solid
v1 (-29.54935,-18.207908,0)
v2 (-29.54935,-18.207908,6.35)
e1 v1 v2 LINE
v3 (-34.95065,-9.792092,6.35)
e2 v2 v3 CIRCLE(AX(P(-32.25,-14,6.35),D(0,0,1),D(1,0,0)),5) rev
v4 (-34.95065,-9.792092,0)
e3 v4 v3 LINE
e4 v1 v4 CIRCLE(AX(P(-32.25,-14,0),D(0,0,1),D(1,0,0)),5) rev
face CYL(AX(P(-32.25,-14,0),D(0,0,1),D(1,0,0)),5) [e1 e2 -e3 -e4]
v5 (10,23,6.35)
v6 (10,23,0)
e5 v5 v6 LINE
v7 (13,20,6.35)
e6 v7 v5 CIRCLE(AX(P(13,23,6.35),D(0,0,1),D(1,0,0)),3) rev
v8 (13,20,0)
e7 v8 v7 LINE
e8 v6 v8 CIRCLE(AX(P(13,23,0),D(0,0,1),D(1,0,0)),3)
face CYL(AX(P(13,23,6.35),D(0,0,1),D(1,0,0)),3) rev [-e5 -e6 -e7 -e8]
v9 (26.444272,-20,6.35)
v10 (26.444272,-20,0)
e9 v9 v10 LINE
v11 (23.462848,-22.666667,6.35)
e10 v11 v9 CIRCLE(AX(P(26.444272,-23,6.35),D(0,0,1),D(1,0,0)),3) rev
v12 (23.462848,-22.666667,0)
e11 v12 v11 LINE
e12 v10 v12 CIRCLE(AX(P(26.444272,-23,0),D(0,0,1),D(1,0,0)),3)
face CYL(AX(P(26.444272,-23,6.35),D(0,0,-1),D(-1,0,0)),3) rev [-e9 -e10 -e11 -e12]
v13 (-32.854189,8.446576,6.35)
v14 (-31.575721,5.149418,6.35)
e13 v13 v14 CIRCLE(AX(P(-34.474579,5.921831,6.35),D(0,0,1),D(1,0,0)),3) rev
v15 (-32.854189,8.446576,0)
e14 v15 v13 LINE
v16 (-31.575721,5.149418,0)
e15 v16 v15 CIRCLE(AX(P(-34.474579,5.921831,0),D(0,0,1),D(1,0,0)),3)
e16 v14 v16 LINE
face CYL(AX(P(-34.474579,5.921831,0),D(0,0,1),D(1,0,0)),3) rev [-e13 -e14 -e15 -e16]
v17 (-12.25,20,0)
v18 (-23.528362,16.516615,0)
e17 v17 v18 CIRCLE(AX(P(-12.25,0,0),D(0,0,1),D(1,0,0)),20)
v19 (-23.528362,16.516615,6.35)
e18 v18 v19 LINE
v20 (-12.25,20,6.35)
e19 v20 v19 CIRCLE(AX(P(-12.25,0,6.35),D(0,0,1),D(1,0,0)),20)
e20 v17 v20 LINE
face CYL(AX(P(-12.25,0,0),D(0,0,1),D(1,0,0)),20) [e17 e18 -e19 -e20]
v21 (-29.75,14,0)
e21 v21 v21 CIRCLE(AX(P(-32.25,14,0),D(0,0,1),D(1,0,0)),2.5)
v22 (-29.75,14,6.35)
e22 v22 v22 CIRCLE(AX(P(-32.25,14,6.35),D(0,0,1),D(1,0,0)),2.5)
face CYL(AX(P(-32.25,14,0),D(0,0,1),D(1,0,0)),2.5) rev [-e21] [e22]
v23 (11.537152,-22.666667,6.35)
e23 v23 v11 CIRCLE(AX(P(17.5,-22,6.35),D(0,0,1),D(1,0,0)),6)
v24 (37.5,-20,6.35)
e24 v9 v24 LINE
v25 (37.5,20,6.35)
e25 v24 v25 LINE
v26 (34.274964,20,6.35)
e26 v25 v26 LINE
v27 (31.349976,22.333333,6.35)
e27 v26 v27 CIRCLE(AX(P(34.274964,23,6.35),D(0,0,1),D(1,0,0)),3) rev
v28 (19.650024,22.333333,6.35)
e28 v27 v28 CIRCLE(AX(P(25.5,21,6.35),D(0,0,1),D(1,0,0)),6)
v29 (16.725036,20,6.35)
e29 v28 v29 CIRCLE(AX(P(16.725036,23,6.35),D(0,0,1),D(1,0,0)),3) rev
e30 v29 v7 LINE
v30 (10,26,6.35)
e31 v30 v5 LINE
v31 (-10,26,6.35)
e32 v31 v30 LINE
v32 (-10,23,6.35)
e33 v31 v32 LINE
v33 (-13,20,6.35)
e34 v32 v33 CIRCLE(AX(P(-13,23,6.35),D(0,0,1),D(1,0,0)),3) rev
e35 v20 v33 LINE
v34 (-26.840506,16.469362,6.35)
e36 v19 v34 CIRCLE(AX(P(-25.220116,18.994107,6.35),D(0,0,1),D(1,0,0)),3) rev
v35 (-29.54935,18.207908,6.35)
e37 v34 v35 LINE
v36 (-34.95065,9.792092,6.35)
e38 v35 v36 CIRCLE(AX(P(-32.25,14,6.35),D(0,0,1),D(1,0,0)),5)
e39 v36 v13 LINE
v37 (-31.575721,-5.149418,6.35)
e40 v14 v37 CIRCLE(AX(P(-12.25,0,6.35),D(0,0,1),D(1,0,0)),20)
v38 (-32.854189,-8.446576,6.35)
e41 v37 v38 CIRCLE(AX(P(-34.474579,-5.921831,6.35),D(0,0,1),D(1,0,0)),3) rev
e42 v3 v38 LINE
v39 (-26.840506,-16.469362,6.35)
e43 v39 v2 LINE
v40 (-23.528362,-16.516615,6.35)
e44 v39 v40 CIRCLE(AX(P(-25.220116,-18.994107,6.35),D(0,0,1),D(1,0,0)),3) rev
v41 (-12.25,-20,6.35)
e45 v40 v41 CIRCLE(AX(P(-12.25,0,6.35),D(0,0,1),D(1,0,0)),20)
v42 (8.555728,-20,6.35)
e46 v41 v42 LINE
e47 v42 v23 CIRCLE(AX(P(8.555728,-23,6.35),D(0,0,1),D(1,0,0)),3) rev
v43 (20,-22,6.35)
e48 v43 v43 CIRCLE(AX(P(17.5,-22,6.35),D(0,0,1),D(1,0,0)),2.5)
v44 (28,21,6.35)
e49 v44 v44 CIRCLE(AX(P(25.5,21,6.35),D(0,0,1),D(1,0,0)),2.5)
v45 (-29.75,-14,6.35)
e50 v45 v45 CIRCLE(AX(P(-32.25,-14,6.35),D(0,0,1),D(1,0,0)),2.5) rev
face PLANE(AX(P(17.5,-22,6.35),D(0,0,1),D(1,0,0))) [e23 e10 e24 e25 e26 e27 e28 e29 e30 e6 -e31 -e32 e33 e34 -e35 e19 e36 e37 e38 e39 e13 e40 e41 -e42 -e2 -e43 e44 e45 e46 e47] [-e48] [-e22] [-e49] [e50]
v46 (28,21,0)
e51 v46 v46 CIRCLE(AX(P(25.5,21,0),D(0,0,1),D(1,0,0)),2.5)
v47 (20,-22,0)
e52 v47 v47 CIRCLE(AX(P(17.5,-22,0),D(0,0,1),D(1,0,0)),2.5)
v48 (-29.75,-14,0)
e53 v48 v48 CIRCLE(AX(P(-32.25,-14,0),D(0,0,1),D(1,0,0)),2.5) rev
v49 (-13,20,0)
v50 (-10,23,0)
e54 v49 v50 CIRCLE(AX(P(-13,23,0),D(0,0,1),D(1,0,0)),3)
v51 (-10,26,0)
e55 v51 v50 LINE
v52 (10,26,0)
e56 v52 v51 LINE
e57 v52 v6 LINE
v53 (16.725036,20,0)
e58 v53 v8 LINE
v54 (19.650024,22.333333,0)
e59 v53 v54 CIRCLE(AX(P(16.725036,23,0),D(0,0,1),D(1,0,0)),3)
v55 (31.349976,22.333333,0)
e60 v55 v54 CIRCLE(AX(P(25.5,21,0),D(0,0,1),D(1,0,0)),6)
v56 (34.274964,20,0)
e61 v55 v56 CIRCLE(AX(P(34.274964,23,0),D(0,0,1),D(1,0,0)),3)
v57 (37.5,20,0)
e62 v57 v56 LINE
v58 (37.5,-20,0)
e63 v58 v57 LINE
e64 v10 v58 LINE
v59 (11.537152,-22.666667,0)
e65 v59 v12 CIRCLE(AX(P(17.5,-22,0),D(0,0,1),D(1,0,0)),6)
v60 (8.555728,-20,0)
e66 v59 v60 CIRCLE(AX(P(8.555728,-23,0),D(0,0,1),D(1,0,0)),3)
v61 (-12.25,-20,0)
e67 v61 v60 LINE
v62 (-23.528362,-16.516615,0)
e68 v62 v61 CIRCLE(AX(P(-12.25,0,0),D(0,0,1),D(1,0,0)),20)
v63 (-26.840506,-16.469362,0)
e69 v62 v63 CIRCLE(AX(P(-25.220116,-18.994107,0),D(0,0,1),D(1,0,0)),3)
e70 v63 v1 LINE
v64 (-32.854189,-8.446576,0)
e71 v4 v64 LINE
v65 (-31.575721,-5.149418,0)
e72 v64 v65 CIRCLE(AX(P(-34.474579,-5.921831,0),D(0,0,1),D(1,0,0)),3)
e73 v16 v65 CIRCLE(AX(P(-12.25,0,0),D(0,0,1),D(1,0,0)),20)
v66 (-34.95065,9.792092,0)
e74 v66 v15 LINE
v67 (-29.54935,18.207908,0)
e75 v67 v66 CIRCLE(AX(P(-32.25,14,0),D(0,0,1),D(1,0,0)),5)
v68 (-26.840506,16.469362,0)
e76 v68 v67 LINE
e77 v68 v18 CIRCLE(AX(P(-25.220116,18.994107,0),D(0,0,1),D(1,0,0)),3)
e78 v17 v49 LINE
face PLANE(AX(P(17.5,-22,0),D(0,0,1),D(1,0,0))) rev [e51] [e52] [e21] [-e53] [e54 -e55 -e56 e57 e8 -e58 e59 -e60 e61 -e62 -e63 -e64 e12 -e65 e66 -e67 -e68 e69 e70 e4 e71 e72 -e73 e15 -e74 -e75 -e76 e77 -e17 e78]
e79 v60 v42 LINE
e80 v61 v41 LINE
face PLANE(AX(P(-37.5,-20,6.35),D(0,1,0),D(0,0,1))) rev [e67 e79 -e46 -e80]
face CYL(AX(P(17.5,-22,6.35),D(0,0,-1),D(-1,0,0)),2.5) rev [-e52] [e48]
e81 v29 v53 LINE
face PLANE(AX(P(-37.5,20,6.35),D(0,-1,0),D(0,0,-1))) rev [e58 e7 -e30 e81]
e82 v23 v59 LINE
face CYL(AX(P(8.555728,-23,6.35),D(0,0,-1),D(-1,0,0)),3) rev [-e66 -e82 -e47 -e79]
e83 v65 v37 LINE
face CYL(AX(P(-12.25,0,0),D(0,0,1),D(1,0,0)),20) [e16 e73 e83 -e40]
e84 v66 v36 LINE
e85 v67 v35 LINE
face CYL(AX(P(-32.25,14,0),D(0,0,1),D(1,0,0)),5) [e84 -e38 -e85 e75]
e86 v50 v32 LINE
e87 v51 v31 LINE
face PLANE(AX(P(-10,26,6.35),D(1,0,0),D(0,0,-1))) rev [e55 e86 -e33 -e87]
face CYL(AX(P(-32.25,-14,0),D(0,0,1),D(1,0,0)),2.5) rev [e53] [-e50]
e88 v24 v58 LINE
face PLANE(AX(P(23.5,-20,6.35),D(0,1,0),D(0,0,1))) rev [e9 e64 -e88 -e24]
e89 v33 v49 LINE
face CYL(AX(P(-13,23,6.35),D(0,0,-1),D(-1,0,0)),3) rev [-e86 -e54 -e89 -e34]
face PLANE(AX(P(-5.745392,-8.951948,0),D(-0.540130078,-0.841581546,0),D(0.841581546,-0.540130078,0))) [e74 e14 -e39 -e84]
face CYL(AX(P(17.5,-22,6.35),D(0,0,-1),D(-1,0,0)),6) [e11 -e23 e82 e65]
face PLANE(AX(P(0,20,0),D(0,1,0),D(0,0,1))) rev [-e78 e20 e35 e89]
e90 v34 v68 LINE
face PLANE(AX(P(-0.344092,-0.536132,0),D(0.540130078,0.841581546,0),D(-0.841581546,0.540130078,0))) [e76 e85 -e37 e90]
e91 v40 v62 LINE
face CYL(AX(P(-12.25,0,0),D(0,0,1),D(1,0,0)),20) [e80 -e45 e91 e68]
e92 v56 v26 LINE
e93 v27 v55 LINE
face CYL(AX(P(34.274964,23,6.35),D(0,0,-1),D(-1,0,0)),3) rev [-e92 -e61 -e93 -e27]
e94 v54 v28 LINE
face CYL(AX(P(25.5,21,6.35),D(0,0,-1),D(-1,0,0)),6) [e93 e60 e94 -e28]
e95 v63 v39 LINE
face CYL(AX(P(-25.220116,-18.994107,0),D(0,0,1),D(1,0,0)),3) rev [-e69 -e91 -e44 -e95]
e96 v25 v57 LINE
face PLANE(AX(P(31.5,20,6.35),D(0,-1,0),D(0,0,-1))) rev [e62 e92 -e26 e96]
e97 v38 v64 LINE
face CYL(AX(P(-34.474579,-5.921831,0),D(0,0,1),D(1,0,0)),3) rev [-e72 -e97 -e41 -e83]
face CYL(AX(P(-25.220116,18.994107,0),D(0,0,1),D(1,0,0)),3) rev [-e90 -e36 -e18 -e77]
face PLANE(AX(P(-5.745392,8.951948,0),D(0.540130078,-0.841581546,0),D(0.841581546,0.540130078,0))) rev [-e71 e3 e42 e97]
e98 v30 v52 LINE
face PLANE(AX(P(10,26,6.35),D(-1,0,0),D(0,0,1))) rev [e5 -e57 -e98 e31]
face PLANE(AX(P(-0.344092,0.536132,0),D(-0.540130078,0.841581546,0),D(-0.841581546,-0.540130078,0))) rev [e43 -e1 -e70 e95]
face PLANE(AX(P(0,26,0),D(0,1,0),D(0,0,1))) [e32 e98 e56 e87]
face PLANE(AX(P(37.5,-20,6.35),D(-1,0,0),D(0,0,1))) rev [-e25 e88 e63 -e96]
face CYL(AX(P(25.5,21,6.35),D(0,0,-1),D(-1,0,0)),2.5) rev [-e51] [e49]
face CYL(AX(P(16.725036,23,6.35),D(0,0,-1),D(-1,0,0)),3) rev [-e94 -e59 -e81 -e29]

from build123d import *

# Parameters (mm, degrees)
SKETCH1_R               = 2.5
BOSS_EXTRUDE1_DEPTH     = 6.35
SKETCH12_W              = 20
SKETCH12_H              = 6.35
BOSS_EXTRUDE2_DEPTH     = 6
FILLET2_R               = 3
SKETCH13_R              = 2.5
CUT_EXTRUDE9_DEPTH      = 1
CUT_EXTRUDE9_DEPTH_BACK = 7.35
FILLET1_R               = 3


with BuildPart() as part:
    # Sketch1 → Boss-Extrude1 (new body)
    with BuildSketch(Plane.XY):
        with BuildLine():
            Line((-37.5, -20), (11.5, -20))
            Line((11.5, -20), (11.5, -22))
            ThreePointArc((11.5, -22), (17.5, -28), (23.5, -22))
            Line((23.5, -22), (23.5, -20))
            Line((23.5, -20), (37.5, -20))
            Line((37.5, -20), (37.5, 20))
            Line((37.5, 20), (31.5, 20))
            Line((31.5, 20), (31.5, 21))
            ThreePointArc((31.5, 21), (25.5, 27), (19.5, 21))
            Line((19.5, 21), (19.5, 20))
            Line((19.5, 20), (-37.5, 20))
            Line((-37.5, 20), (-37.5, -20))
        make_face()
        with Locations((25.5, 21)):
            Circle(SKETCH1_R, mode=Mode.SUBTRACT)
        with Locations((17.5, -22)):
            Circle(SKETCH1_R, mode=Mode.SUBTRACT)
    extrude(amount=BOSS_EXTRUDE1_DEPTH)

    # Sketch12 → Boss-Extrude2 (add)
    with BuildSketch(Plane(origin=(0, 20, 0), x_dir=(1, 0, 0), z_dir=(0, 1, 0))):
        with Locations((0, -3.175)):
            Rectangle(SKETCH12_W, SKETCH12_H)
    extrude(amount=BOSS_EXTRUDE2_DEPTH)

    # Fillet2
    fillet2_edges = [part.edges().sort_by_distance(p)[0] for p in [
        (10, 20, 3.175),
        (-10, 20, 3.175),
    ]]
    fillet(fillet2_edges, radius=FILLET2_R)

    # Sketch13 → Cut-Extrude9 (cut, two sides)
    with BuildSketch(Plane.XY.offset(6.35)) as cut_extrude9_sk:
        with BuildLine():
            Line((-12.25, 20), (-37.5, 20))
            Line((-37.5, 20), (-37.5, -20))
            Line((-37.5, -20), (-12.25, -20))
            ThreePointArc((-12.25, -20), (-19.075859236, -18.799139494), (-25.082027993, -15.34076457))
            Line((-25.082027993, -15.34076457), (-29.549349609, -18.20790773))
            ThreePointArc((-29.549349609, -18.20790773), (-36.45790773, -16.700650391), (-34.950650391, -9.79209227))
            Line((-34.950650391, -9.79209227), (-30.909610133, -7.198538025))
            ThreePointArc((-30.909610133, -7.198538025), (-32.25, 0), (-30.909610133, 7.198538025))
            Line((-30.909610133, 7.198538025), (-34.950650391, 9.79209227))
            ThreePointArc((-34.950650391, 9.79209227), (-36.45790773, 16.700650391), (-29.549349609, 18.20790773))
            Line((-29.549349609, 18.20790773), (-25.082027993, 15.34076457))
            ThreePointArc((-25.082027993, 15.34076457), (-19.075859236, 18.799139494), (-12.25, 20))
        make_face()
        with Locations((-32.25, 14)):
            Circle(SKETCH13_R)
        with Locations((-32.25, -14)):
            Circle(SKETCH13_R)
    extrude(amount=CUT_EXTRUDE9_DEPTH, mode=Mode.SUBTRACT)
    extrude(cut_extrude9_sk.sketch, amount=-CUT_EXTRUDE9_DEPTH_BACK, mode=Mode.SUBTRACT)

    # Fillet1
    fillet1_edges = [part.edges().sort_by_distance(p)[0] for p in [
        (11.5, -20, 3.175),
        (23.5, -20, 3.175),
        (31.5, 20, 3.175),
        (19.5, 20, 3.175),
        (-25.082027993, -15.34076457, 3.175),
        (-25.082027993, 15.34076457, 3.175),
        (-30.909610133, -7.198538025, 3.175),
        (-30.909610133, 7.198538025, 3.175),
    ]]
    fillet(fillet1_edges, radius=FILLET1_R)


solid = part.part
